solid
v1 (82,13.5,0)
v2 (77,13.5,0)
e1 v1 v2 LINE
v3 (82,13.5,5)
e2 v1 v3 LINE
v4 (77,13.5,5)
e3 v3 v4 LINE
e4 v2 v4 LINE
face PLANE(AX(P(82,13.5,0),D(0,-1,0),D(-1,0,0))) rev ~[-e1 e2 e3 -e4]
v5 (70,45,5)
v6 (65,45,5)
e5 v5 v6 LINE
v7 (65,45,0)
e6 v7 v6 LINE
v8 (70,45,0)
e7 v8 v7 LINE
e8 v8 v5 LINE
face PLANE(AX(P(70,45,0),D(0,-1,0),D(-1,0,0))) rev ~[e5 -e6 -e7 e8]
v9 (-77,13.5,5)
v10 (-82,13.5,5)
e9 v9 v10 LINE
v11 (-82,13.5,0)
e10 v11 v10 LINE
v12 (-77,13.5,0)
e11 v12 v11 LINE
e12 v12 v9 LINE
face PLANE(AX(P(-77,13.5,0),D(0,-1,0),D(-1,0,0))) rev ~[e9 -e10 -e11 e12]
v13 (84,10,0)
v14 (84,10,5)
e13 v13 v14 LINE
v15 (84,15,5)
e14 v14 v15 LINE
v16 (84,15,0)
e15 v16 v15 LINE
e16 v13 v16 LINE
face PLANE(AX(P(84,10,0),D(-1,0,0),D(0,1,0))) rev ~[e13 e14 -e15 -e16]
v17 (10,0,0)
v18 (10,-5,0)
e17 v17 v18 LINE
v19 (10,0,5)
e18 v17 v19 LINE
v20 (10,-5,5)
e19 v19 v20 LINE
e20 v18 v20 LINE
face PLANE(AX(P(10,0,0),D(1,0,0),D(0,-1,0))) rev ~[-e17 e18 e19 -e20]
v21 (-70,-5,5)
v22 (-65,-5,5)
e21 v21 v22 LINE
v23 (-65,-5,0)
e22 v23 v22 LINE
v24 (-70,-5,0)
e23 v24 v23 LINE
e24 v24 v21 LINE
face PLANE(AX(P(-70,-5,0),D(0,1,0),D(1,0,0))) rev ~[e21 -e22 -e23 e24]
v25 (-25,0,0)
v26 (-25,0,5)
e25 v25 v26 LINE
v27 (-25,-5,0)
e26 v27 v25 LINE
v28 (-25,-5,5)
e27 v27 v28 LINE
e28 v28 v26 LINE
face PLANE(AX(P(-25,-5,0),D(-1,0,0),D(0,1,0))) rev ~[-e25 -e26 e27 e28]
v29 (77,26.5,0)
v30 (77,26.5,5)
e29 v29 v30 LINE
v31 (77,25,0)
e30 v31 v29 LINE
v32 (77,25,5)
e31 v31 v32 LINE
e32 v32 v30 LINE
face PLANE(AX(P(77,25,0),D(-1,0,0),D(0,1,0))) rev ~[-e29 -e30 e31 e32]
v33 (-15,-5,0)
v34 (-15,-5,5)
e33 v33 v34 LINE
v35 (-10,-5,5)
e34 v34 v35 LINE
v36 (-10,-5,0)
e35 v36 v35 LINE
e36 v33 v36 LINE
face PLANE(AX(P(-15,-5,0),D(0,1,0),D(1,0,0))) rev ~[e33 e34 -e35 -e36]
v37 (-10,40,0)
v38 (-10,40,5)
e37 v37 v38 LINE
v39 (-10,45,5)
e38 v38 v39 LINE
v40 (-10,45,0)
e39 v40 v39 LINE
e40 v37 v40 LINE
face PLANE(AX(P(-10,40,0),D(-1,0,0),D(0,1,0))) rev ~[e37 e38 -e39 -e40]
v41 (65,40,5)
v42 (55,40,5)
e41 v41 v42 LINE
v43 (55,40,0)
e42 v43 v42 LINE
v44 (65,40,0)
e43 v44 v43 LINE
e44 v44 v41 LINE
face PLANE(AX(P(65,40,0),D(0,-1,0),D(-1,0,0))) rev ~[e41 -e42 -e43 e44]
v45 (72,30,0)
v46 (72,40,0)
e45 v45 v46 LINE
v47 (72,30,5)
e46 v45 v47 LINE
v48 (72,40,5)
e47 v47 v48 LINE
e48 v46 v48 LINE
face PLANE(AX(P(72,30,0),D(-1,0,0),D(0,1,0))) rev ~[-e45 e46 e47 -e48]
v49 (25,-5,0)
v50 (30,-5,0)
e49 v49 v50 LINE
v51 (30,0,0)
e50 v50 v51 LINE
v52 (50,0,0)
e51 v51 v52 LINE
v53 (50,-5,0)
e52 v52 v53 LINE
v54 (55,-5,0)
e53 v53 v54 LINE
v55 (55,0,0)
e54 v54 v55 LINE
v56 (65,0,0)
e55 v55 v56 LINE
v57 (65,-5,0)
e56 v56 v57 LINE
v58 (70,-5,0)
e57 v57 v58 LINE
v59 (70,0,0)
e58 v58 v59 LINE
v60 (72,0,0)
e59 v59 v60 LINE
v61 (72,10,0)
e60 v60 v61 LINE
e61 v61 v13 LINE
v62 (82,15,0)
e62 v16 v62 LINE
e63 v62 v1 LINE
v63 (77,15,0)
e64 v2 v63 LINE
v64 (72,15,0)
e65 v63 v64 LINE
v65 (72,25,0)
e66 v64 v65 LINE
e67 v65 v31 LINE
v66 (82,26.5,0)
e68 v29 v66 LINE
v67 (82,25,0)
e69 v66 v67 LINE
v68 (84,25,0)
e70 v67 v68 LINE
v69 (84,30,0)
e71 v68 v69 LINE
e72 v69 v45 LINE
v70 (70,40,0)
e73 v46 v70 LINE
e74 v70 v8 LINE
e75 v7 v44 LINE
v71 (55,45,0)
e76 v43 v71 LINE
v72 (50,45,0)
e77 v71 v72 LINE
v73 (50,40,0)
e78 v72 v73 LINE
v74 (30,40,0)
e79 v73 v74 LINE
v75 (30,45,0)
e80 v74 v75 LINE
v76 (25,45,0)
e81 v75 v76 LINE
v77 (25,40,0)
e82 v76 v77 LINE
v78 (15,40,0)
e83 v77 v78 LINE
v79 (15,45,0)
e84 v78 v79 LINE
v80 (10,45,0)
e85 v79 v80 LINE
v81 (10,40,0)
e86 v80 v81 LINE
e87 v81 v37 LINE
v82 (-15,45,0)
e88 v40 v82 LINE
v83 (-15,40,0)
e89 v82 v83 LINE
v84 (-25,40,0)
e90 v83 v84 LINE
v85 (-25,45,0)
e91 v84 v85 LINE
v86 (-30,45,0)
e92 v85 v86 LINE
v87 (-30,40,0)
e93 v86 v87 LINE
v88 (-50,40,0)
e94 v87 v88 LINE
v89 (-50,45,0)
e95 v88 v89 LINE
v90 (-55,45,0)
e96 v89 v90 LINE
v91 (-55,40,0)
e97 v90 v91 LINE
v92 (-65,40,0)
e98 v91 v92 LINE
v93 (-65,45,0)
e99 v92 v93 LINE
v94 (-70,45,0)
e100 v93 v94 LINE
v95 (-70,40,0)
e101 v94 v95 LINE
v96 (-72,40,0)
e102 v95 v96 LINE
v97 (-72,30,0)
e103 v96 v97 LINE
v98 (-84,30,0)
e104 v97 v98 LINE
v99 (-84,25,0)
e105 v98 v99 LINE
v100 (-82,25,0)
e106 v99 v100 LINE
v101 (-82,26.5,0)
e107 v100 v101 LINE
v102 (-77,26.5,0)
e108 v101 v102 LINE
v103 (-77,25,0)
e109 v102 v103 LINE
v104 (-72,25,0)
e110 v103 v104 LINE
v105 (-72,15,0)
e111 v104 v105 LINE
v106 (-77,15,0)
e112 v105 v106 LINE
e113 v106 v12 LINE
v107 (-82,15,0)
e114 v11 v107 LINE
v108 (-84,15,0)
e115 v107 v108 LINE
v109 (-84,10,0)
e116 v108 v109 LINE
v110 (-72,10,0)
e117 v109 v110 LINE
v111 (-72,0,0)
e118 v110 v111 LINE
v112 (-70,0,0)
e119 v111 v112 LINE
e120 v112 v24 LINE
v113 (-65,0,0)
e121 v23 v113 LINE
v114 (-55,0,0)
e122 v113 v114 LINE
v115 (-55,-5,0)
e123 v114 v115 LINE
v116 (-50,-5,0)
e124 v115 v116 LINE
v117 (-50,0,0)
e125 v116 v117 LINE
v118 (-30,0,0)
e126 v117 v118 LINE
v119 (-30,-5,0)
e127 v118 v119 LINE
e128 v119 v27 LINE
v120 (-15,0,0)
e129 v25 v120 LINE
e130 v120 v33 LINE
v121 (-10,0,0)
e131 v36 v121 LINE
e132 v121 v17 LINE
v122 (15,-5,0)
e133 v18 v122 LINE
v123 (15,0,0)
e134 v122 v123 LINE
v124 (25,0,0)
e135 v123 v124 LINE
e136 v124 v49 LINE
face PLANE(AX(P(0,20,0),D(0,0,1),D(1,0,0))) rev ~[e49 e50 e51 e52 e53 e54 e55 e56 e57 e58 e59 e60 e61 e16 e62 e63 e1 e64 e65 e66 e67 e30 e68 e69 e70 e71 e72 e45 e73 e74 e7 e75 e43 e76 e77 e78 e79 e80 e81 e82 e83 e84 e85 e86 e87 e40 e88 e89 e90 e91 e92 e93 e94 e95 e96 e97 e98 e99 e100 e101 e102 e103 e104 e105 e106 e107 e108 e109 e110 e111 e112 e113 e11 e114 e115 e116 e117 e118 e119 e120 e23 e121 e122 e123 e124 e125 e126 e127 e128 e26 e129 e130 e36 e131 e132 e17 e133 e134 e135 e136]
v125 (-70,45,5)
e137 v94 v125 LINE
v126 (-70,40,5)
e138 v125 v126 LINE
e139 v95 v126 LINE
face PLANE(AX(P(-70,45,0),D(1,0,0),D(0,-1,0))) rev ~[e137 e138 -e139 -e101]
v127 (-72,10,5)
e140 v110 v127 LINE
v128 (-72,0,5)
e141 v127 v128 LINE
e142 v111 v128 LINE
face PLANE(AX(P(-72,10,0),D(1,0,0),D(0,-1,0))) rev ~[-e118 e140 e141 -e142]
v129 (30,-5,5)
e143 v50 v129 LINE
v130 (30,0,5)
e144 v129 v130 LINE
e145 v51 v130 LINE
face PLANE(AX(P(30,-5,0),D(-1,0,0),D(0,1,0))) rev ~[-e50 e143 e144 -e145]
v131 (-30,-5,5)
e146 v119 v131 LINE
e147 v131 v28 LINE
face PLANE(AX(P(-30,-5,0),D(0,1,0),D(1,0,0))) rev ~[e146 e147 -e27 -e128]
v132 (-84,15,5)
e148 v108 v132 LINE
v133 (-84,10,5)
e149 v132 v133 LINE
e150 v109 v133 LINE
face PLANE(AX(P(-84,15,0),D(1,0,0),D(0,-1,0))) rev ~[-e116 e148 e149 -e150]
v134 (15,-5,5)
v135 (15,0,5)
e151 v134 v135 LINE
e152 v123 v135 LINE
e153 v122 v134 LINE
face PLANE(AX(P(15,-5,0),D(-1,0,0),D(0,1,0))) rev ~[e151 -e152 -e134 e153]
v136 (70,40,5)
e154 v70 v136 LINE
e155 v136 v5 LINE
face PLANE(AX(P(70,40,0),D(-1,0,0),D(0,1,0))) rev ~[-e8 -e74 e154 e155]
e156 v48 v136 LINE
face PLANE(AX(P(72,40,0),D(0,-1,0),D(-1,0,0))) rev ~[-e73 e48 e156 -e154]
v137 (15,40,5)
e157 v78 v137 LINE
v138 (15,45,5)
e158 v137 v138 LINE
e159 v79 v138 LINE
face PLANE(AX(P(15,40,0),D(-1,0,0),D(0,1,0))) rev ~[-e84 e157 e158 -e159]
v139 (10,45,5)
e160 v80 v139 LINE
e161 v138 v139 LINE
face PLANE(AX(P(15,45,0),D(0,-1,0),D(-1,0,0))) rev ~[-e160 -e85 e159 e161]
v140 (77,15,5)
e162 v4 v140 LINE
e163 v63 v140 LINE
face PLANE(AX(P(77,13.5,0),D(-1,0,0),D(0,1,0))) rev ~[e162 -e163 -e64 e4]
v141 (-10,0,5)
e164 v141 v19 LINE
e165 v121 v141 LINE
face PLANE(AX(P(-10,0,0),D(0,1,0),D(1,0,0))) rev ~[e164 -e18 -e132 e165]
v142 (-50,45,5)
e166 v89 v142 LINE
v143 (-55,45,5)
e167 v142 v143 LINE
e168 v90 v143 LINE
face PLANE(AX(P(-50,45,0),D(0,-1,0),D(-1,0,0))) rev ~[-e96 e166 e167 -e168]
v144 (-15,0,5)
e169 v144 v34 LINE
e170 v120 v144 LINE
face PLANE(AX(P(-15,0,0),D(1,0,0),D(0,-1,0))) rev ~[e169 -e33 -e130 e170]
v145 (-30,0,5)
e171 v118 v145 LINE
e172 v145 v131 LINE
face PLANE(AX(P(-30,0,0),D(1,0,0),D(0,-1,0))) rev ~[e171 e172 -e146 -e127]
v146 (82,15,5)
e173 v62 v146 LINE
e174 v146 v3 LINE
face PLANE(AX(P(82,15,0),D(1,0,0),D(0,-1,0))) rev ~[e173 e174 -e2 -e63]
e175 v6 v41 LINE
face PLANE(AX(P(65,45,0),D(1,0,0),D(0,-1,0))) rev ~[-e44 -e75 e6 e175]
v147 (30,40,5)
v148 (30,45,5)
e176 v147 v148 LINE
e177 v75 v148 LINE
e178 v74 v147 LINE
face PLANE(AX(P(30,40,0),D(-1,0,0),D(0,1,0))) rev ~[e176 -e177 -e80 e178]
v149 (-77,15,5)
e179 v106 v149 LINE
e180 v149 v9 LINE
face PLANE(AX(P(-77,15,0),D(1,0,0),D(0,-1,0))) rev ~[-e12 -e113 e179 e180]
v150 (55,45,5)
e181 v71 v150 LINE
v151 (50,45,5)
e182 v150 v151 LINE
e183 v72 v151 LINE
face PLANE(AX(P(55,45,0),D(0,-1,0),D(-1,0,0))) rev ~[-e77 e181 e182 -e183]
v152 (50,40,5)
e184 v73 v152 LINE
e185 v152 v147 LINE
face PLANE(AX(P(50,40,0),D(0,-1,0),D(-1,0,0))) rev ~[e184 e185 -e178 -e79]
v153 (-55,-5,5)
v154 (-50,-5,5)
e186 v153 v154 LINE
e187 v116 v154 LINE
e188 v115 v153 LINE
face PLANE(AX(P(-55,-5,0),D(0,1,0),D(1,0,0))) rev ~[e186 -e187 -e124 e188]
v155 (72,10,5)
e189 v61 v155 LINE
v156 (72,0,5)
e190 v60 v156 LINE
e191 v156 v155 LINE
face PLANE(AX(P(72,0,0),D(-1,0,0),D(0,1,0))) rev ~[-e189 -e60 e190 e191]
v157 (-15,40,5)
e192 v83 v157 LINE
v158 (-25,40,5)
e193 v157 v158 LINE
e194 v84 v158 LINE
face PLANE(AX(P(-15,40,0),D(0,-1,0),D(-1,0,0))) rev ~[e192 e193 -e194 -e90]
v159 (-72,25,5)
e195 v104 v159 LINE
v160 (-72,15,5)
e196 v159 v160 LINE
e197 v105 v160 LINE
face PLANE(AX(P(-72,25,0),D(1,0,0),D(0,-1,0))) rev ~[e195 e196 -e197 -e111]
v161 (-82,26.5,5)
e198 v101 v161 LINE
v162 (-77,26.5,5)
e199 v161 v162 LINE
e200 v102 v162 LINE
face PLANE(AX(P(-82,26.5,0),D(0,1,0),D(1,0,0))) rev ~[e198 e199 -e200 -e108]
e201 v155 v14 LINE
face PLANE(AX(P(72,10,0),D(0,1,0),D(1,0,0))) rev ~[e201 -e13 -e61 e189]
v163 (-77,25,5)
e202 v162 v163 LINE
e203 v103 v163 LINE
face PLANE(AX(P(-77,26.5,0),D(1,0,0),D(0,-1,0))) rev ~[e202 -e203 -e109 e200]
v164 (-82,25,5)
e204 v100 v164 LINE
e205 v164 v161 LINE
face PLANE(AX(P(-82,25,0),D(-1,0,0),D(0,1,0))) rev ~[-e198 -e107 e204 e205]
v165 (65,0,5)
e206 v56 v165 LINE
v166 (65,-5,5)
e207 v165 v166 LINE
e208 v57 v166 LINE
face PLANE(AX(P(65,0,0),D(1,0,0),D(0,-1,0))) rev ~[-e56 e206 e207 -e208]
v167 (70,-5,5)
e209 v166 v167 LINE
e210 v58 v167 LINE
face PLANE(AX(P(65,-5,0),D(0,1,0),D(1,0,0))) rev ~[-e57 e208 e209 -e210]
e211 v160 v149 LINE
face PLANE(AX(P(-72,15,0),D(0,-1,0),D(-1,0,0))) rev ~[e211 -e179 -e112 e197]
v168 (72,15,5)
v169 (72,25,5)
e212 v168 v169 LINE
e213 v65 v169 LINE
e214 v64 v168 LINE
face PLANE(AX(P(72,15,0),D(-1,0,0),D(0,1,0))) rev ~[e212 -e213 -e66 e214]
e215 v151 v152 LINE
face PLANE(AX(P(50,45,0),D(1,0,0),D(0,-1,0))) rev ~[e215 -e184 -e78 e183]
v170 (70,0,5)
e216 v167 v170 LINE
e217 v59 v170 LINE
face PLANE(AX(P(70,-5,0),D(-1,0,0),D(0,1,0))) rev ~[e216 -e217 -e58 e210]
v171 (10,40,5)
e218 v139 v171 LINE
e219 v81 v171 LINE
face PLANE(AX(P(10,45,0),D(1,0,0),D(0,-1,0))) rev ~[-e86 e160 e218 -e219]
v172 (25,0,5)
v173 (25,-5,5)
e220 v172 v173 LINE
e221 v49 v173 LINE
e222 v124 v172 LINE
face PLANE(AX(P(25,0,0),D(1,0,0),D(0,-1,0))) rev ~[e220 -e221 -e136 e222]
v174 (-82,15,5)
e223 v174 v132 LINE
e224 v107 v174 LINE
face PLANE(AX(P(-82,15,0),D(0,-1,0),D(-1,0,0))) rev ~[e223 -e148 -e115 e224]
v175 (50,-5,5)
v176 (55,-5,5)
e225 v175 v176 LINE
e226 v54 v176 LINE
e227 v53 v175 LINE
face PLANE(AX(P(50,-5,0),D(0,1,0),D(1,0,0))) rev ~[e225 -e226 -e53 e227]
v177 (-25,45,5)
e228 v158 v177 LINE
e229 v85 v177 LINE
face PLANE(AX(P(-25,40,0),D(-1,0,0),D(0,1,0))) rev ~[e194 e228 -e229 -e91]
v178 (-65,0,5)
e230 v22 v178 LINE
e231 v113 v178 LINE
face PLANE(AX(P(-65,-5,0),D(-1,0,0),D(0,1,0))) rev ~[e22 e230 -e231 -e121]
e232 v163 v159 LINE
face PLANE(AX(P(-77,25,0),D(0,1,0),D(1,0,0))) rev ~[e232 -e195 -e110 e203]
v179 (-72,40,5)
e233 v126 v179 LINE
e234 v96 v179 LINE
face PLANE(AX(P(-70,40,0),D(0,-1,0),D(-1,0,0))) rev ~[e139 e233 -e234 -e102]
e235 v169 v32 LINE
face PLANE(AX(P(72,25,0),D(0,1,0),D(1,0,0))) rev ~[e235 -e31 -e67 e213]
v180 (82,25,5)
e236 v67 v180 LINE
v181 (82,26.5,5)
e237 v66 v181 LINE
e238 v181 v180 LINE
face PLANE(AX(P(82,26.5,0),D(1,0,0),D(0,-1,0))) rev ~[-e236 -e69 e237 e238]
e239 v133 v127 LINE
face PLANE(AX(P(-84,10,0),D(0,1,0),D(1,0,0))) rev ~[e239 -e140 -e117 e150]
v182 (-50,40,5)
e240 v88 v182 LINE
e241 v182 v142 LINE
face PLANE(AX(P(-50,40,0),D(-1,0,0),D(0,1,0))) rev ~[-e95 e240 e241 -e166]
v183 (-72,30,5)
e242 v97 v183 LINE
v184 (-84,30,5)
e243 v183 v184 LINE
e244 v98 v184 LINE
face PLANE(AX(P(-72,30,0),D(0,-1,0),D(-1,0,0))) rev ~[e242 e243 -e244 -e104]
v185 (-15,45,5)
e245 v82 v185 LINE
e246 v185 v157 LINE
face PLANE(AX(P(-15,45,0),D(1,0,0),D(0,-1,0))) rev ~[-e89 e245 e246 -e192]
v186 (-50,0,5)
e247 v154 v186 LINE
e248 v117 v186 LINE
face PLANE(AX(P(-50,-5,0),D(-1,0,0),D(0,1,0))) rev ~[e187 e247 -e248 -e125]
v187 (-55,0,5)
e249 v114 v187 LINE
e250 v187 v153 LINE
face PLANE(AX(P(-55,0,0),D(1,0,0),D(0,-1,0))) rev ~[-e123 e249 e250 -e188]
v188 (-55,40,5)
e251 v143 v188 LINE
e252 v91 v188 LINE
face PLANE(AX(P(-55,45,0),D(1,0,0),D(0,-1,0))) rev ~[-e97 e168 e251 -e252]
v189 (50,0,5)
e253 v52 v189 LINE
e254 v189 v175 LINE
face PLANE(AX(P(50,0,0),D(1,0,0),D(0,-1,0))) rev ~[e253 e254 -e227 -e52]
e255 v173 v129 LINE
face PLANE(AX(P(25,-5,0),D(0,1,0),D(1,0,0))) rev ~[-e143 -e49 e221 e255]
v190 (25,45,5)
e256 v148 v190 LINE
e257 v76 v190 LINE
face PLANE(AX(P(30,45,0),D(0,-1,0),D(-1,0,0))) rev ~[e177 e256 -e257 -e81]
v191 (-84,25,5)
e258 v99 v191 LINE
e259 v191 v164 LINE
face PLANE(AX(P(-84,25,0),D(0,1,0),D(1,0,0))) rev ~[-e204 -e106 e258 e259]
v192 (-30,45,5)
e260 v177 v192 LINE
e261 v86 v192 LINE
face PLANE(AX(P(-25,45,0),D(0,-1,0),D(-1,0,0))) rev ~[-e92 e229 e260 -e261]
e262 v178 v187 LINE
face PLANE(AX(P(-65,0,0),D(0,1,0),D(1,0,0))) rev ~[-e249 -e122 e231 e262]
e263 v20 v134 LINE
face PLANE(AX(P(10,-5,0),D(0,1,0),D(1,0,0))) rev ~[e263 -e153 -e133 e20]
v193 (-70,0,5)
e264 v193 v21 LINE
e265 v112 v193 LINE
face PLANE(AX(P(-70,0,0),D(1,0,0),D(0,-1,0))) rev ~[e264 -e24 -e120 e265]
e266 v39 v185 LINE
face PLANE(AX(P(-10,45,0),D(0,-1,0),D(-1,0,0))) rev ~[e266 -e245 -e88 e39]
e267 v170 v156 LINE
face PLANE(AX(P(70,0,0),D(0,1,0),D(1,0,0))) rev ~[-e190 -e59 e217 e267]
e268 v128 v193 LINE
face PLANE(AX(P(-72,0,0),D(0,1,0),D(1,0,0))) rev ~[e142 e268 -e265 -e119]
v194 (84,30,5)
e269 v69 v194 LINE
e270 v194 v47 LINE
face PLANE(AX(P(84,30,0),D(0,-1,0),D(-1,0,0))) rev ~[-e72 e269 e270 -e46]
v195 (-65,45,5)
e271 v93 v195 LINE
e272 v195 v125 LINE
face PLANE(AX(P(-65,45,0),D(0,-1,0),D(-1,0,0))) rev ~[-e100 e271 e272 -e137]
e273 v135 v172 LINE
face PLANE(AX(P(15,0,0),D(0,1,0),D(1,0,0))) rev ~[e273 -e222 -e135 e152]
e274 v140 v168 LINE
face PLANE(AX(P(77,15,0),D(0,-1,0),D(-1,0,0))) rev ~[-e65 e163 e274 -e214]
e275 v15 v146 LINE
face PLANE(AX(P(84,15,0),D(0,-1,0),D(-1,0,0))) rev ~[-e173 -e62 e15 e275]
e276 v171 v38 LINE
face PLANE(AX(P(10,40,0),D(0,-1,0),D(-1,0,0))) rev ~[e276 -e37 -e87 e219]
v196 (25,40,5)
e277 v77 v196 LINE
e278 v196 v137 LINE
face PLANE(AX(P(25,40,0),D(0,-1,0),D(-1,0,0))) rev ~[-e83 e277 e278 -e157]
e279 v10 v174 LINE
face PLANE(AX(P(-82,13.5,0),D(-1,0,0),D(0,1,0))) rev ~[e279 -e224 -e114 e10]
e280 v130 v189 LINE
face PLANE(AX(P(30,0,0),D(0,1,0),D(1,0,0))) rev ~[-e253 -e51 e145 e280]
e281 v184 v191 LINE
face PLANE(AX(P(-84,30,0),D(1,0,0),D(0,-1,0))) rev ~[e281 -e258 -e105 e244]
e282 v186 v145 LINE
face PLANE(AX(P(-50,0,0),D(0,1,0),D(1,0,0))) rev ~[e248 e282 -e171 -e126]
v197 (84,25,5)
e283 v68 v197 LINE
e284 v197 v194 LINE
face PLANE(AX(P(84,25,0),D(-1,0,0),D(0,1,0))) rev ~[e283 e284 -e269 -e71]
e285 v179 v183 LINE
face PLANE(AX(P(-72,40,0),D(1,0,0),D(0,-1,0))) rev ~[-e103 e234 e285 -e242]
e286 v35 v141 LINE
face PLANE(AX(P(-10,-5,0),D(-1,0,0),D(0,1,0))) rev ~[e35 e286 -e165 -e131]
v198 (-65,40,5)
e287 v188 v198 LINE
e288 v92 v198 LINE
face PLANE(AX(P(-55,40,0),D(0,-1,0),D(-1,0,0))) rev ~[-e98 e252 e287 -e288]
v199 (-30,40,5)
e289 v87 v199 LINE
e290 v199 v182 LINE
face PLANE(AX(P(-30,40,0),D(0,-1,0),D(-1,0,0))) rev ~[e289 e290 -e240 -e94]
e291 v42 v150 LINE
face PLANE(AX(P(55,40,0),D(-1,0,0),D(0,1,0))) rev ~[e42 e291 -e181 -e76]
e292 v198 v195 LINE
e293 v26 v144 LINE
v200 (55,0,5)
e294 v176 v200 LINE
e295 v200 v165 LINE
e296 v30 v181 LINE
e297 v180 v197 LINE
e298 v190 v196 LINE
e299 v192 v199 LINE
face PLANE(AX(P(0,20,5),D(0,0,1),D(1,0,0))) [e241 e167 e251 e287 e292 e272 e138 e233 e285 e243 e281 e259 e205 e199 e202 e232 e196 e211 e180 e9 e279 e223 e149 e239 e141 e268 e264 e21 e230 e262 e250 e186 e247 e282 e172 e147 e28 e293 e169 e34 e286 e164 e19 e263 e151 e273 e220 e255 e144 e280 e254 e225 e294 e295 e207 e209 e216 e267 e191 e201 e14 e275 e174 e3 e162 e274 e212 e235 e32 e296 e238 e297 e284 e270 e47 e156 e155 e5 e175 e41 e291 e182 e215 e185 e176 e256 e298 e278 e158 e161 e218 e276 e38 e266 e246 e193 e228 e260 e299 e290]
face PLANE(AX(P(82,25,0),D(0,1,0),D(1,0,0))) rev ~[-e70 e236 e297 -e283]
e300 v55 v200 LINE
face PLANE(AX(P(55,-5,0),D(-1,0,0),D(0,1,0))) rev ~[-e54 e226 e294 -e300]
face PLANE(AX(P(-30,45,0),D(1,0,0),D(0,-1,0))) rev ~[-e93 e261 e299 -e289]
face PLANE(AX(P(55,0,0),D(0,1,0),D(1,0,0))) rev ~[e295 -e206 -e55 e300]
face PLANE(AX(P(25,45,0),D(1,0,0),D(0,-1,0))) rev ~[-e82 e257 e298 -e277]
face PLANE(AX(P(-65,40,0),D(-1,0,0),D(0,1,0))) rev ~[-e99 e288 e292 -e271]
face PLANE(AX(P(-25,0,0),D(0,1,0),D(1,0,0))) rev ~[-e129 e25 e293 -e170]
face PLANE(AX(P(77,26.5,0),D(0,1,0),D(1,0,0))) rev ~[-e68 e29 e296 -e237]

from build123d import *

# Parameters (mm, degrees)
BOSS_EXTRU_1_DEPTH = 5


with BuildPart() as part:
    # Esquisse1 → Boss.-Extru.1 (new body)
    with BuildSketch(Plane.XY):
        Polygon((-70, 40), (-72, 40), (-72, 30), (-84, 30), (-84, 25), (-82, 25), (-82, 26.5), (-77, 26.5), (-77, 25), (-72, 25), (-72, 15), (-77, 15), (-77, 13.5), (-82, 13.5), (-82, 15), (-84, 15), (-84, 10), (-72, 10), (-72, 0), (-70, 0), (-70, -5), (-65, -5), (-65, 0), (-55, 0), (-55, -5), (-50, -5), (-50, 0), (-30, 0), (-30, -5), (-25, -5), (-25, 0), (-15, 0), (-15, -5), (-10, -5), (-10, 0), (10, 0), (10, -5), (15, -5), (15, 0), (25, 0), (25, -5), (30, -5), (30, 0), (50, 0), (50, -5), (55, -5), (55, 0), (65, 0), (65, -5), (70, -5), (70, 0), (72, 0), (72, 10), (84, 10), (84, 15), (82, 15), (82, 13.5), (77, 13.5), (77, 15), (72, 15), (72, 25), (77, 25), (77, 26.5), (82, 26.5), (82, 25), (84, 25), (84, 30), (72, 30), (72, 40), (70, 40), (70, 45), (65, 45), (65, 40), (55, 40), (55, 45), (50, 45), (50, 40), (30, 40), (30, 45), (25, 45), (25, 40), (15, 40), (15, 45), (10, 45), (10, 40), (-10, 40), (-10, 45), (-15, 45), (-15, 40), (-25, 40), (-25, 45), (-30, 45), (-30, 40), (-50, 40), (-50, 45), (-55, 45), (-55, 40), (-65, 40), (-65, 45), (-70, 45), align=None)
    extrude(amount=BOSS_EXTRU_1_DEPTH)


solid = part.part
